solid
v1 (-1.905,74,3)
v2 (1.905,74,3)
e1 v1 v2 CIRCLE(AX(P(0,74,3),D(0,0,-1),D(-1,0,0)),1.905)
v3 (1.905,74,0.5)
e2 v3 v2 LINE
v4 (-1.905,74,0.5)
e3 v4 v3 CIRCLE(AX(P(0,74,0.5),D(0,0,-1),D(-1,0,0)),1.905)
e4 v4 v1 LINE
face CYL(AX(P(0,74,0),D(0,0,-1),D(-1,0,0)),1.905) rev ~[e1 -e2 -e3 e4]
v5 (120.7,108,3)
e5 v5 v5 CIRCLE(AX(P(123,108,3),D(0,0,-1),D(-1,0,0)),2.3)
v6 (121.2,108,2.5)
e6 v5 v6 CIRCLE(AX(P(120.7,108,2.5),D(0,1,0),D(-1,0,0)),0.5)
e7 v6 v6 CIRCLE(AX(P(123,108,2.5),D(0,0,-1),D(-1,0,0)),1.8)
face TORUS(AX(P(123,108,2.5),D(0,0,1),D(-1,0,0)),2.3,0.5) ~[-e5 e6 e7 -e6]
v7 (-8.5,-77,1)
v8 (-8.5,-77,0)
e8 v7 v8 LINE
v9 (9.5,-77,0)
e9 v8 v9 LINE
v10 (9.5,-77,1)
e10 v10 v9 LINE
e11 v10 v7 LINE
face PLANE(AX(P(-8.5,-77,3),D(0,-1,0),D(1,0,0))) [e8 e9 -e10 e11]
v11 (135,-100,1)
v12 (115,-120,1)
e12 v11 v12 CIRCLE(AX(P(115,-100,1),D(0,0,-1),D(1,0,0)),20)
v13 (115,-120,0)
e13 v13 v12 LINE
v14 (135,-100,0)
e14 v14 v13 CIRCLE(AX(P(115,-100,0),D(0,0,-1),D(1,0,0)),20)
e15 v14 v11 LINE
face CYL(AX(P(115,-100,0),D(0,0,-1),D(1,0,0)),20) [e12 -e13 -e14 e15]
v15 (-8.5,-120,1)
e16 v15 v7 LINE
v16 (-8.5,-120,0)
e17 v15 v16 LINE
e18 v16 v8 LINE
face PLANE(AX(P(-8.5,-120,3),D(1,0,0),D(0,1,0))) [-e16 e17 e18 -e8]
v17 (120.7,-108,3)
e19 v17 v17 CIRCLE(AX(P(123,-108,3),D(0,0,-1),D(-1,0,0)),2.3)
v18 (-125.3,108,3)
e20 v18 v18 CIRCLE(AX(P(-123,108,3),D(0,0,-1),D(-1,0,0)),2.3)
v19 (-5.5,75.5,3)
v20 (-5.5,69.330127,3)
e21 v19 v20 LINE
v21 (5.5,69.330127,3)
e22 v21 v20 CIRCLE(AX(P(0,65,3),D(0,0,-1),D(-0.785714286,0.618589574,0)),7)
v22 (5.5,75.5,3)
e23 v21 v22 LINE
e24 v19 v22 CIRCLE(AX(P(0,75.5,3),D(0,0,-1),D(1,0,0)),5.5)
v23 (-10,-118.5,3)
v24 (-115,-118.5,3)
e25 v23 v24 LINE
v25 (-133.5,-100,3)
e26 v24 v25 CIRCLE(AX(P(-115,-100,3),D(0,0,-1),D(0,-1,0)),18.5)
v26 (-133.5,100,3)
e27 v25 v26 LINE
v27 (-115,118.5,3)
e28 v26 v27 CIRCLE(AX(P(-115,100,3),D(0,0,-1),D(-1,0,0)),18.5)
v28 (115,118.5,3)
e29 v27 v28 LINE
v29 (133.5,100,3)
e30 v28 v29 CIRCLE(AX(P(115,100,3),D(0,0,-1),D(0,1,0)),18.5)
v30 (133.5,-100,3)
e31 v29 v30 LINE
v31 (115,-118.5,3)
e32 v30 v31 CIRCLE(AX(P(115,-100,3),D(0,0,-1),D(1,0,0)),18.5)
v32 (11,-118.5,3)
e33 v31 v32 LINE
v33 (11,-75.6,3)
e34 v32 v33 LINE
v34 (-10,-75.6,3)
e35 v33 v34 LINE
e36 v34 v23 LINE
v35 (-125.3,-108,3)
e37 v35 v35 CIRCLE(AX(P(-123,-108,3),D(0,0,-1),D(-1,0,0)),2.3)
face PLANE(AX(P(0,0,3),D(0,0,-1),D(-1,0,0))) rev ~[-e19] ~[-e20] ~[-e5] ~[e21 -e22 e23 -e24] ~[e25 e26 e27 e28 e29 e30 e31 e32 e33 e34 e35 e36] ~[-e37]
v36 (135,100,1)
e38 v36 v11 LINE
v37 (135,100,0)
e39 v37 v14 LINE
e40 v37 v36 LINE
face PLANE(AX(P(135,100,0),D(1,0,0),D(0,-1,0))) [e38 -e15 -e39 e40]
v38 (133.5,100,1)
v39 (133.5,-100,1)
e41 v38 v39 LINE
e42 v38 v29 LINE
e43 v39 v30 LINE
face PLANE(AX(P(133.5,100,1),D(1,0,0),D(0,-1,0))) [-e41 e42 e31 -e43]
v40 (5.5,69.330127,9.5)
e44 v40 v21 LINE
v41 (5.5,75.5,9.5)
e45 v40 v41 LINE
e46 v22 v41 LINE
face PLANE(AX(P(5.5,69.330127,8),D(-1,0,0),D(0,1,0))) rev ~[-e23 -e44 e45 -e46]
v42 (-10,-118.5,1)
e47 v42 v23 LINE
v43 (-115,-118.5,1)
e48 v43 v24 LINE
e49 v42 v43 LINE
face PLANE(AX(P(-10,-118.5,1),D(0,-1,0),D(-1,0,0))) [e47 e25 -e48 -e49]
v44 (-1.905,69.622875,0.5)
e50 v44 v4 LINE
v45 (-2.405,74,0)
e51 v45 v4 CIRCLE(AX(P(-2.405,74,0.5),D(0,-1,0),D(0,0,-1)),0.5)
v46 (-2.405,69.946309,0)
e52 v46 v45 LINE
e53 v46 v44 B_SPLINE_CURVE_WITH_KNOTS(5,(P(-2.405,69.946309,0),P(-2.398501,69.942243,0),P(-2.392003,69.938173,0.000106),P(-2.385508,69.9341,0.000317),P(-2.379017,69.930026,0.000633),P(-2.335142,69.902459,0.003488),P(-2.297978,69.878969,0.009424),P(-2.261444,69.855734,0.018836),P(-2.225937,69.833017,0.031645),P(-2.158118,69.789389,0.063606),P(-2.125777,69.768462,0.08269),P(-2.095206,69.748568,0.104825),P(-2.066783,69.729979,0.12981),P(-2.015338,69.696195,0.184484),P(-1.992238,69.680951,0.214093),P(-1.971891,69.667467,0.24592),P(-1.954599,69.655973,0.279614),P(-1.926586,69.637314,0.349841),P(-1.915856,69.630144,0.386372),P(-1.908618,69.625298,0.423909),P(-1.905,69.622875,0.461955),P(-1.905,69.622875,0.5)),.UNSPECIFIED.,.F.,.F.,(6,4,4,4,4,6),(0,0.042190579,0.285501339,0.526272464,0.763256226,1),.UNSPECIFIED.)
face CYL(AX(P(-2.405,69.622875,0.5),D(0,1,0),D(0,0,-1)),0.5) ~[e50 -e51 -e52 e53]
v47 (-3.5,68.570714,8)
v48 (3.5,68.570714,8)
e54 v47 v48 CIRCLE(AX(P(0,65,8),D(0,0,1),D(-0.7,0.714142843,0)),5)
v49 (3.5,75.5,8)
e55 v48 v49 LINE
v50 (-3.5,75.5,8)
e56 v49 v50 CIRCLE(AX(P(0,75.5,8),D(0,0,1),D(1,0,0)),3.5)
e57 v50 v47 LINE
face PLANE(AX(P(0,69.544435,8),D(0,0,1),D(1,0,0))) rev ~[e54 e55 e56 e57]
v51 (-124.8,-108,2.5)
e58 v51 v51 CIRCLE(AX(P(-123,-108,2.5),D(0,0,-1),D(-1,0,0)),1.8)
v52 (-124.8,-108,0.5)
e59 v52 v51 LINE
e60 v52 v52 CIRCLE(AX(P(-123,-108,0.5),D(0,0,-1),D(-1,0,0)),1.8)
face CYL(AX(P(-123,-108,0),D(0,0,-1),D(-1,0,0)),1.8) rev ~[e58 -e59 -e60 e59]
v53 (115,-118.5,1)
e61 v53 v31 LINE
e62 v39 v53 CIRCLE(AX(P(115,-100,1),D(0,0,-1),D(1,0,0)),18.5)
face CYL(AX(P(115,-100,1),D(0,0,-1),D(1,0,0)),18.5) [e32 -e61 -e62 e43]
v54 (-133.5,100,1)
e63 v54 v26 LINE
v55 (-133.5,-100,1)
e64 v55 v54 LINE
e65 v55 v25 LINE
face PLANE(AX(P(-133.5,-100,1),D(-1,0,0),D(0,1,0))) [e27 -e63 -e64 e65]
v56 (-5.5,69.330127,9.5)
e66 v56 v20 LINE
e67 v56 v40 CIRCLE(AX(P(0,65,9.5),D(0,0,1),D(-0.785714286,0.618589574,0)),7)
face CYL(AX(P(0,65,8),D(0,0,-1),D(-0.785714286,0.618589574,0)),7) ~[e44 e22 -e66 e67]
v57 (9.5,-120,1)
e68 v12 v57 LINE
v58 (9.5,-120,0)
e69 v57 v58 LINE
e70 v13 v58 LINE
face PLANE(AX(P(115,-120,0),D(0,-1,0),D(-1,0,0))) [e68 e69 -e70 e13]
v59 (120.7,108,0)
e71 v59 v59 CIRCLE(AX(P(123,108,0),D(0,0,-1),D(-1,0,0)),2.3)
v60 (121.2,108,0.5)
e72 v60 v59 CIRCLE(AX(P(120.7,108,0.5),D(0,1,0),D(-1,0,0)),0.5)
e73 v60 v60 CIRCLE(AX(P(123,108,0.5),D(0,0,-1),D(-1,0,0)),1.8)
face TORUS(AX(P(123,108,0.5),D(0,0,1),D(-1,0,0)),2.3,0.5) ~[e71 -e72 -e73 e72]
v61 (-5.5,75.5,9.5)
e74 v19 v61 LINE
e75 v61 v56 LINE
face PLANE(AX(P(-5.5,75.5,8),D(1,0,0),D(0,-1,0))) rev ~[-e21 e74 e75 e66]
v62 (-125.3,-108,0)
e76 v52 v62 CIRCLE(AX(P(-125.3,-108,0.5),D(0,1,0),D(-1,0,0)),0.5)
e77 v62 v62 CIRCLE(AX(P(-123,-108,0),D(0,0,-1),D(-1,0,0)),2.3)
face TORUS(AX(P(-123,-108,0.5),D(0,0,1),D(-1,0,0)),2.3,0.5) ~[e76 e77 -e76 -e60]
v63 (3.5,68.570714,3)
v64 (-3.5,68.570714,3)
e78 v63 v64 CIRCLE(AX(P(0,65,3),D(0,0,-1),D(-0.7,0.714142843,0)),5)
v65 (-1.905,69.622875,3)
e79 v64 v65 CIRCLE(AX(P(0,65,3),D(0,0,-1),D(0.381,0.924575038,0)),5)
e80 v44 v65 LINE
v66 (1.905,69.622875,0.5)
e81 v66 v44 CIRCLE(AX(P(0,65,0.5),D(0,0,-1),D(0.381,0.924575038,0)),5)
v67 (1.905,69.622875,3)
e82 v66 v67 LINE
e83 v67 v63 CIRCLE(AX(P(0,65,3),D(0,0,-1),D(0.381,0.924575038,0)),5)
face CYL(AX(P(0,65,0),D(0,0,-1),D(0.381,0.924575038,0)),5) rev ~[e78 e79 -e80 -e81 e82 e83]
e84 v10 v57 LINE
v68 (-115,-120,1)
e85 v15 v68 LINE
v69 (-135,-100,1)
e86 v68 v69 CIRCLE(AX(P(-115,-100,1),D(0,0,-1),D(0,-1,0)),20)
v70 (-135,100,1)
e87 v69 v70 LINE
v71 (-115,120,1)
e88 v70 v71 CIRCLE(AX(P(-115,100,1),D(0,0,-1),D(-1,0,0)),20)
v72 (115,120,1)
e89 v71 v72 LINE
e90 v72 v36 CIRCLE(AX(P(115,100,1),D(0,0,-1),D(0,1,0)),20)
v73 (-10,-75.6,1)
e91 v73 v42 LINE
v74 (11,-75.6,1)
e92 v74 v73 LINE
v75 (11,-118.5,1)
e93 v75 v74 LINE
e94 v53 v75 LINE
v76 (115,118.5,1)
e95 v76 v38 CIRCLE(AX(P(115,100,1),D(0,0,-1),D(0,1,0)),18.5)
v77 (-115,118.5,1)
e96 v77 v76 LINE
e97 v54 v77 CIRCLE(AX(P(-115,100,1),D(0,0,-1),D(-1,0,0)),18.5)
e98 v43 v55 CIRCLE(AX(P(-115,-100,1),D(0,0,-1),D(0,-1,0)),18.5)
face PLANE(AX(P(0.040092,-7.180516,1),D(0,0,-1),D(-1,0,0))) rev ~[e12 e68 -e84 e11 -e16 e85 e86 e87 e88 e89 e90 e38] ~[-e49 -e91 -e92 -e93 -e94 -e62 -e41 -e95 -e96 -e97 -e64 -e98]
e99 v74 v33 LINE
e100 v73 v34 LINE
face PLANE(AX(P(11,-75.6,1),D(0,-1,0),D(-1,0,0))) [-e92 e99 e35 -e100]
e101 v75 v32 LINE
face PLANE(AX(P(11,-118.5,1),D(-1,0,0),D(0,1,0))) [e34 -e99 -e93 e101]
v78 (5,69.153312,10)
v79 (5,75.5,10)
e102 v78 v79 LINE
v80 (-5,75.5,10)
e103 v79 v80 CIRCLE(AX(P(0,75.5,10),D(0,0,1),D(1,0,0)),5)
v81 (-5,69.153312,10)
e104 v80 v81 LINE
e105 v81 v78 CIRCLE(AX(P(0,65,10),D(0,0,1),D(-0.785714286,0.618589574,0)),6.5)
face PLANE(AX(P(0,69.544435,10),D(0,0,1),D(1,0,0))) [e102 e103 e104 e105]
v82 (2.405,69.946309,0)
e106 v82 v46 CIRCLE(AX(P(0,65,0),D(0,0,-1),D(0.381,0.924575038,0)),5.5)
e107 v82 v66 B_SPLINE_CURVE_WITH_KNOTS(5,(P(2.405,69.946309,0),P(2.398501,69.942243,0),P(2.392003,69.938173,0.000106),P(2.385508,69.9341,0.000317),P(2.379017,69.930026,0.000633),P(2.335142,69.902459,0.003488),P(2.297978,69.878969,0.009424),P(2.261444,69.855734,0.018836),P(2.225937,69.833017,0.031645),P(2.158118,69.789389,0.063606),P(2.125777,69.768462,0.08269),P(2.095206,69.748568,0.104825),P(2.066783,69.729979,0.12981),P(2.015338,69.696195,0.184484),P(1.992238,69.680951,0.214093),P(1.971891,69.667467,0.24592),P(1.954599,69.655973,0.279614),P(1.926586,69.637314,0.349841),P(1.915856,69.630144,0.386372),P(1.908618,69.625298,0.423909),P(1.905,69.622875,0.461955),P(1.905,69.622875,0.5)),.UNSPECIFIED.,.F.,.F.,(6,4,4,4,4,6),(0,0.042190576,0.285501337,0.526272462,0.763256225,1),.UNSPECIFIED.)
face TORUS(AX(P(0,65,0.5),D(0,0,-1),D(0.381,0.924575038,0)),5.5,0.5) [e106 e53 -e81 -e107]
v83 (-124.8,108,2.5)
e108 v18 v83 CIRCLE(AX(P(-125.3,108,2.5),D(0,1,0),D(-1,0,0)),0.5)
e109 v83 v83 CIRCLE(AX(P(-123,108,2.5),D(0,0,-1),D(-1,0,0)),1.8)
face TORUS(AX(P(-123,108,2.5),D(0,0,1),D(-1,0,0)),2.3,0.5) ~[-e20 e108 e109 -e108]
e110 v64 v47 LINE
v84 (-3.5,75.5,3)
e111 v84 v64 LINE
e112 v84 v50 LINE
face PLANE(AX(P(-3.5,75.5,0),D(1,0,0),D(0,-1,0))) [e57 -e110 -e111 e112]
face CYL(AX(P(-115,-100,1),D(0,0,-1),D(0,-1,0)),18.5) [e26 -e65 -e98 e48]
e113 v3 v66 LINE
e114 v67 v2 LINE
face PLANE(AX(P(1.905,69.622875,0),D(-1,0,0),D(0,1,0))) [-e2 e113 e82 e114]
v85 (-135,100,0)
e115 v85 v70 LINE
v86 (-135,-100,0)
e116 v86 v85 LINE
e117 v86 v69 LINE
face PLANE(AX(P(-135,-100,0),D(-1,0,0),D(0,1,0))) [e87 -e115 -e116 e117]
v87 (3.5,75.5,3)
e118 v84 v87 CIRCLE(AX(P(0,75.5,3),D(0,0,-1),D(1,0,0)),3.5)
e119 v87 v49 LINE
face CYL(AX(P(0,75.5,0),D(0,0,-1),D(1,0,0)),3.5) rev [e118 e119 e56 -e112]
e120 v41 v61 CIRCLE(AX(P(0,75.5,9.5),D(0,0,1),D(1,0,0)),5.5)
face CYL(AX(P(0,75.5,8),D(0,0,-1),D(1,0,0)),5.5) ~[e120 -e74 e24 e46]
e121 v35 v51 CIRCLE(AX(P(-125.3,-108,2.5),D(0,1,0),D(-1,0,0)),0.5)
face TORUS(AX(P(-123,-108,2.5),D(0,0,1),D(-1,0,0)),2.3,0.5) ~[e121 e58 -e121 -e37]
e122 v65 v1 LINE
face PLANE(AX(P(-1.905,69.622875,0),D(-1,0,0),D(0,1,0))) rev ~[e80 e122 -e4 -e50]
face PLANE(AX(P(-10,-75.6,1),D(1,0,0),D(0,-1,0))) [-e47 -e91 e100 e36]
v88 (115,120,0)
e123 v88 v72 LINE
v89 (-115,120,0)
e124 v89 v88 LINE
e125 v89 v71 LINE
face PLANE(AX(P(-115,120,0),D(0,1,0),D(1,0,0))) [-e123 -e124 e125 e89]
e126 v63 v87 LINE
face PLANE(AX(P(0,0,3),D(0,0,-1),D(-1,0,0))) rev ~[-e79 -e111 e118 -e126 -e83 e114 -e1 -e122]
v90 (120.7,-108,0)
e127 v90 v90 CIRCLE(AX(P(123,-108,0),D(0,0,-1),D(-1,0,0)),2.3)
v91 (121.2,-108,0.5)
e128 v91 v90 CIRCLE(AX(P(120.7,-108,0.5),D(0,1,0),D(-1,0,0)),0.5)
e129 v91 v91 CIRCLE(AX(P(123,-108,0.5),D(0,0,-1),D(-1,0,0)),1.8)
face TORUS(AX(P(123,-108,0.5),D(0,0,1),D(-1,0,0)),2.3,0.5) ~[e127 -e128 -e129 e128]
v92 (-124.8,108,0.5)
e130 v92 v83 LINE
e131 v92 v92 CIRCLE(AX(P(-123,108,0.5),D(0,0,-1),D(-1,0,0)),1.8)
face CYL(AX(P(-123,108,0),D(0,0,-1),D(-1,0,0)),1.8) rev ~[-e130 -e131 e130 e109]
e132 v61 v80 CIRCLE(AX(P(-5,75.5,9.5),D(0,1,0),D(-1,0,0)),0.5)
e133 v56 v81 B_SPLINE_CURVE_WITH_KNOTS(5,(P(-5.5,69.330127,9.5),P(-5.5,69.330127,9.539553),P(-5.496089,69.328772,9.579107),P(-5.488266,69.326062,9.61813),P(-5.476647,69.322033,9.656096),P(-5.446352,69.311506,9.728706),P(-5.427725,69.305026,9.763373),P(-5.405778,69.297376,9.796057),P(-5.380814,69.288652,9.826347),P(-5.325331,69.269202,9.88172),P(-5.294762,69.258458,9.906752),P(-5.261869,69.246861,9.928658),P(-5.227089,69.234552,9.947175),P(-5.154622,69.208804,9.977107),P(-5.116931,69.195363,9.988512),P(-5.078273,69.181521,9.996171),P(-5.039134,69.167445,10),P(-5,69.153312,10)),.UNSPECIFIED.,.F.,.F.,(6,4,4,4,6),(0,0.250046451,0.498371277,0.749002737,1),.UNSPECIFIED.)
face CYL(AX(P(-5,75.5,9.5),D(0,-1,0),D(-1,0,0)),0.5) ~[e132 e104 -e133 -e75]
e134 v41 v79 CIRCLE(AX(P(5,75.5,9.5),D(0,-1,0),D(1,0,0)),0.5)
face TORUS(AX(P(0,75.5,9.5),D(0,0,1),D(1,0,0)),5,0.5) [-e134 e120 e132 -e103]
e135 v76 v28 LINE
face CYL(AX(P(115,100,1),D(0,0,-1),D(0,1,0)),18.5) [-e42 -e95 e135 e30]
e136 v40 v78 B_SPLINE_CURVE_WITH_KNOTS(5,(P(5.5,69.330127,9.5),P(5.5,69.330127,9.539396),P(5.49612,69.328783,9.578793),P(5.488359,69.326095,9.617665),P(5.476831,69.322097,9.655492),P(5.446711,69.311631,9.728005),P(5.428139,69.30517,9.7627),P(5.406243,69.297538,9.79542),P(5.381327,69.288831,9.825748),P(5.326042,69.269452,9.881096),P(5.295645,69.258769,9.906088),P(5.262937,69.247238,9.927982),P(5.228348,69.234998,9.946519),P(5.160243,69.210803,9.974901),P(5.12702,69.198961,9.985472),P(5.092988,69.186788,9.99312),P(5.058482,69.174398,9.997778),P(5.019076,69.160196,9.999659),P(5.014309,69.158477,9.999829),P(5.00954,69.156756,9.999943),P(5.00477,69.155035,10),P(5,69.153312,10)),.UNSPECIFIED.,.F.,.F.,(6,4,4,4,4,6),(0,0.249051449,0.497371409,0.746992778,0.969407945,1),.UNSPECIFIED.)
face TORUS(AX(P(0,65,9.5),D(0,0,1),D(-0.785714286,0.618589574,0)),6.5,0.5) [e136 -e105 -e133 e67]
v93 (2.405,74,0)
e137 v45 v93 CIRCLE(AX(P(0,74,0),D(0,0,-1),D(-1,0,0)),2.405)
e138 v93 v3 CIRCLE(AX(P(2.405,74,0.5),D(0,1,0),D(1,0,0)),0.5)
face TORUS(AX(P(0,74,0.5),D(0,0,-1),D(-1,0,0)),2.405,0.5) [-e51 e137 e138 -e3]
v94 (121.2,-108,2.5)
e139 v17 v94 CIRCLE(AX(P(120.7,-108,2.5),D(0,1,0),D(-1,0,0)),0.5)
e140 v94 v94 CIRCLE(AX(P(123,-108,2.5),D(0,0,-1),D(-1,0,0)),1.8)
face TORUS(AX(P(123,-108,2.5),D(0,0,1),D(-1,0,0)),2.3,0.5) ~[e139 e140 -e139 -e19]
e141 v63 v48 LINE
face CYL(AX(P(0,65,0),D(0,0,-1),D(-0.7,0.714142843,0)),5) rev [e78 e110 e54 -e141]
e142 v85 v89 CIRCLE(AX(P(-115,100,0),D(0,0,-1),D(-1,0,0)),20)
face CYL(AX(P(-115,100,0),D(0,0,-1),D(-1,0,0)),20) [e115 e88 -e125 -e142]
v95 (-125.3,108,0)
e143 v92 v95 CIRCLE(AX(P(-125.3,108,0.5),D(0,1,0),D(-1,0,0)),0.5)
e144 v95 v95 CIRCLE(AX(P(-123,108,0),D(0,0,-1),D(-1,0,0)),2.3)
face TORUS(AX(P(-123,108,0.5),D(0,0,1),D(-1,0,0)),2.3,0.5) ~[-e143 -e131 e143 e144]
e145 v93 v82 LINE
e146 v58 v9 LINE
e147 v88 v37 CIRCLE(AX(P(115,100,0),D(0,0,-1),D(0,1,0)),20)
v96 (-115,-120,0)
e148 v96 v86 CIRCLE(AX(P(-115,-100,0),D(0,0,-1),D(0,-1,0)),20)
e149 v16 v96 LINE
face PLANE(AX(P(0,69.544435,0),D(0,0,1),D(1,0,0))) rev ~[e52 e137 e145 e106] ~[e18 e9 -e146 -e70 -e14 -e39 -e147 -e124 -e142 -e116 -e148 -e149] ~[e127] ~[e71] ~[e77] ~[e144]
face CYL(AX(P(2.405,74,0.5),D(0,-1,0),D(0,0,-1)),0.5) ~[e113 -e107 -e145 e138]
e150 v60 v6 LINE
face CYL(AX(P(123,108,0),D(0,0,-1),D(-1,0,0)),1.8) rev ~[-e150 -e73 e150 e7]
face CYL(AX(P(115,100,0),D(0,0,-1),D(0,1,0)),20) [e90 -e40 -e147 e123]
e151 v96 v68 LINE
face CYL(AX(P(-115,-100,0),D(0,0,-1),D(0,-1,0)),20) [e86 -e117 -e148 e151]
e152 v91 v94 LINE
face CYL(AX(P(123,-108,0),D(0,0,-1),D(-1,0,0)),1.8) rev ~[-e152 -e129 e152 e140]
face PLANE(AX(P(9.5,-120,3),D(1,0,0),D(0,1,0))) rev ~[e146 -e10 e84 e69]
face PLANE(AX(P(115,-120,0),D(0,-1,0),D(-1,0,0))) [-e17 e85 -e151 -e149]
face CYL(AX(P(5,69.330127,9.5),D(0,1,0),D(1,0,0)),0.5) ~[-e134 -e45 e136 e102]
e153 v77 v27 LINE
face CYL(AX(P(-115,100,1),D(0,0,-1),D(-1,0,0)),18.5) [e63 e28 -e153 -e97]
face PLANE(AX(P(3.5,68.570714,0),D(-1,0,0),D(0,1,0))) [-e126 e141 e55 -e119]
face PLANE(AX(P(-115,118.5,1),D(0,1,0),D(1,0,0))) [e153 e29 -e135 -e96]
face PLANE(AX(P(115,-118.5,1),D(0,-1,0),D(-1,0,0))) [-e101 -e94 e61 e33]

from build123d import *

# Parameters (mm, degrees)
MAIN_BODY_DEPTH       = 3
EDGE_START            = -2
EDGE_CUT_DEPTH        = 2
SKETCH3_W             = 18
SKETCH3_H             = 43
POWER_CABLE_CUT_DEPTH = 3
KEYHOLE_SLOT_DEPTH    = 8
SKETCH7_R             = 5
SKETCH7_R_2           = 1.905
SKETCH7_W             = 3.81
SKETCH7_H             = 9
KEYHOLE_DEPTH         = 3
KEYHOLE_WALL_DEPTH    = 2
SKETCH9_R             = 1.8
SCREW_HOLES_DEPTH     = 3
FILLET1_R             = 0.5


with BuildPart() as part:
    # Sketch1 → Main Body (new body)
    with BuildSketch(Plane.XY):
        with BuildLine():
            Line((-115, 120), (115, 120))
            ThreePointArc((115, 120), (129.142135624, 114.142135624), (135, 100))
            Line((135, 100), (135, -100))
            ThreePointArc((135, -100), (129.142135624, -114.142135624), (115, -120))
            Line((115, -120), (-115, -120))
            ThreePointArc((-115, -120), (-129.142135624, -114.142135624), (-135, -100))
            Line((-135, -100), (-135, 100))
            ThreePointArc((-135, 100), (-129.142135624, 114.142135624), (-115, 120))
        make_face()
    extrude(amount=MAIN_BODY_DEPTH)

    # Sketch2 → Edge Cut (cut)
    with BuildSketch(Plane.XY.offset(3).offset(EDGE_START)):
        with BuildLine():
            Line((-115, 120), (115, 120))
            ThreePointArc((115, 120), (129.142135624, 114.142135624), (135, 100))
            Line((135, 100), (135, -100))
            ThreePointArc((135, -100), (129.142135624, -114.142135624), (115, -120))
            Line((115, -120), (9.5, -120))
            Line((9.5, -120), (9.5, -77.1))
            Line((9.5, -77.1), (-8.5, -77.1))
            Line((-8.5, -77.1), (-8.5, -120))
            Line((-8.5, -120), (-115, -120))
            ThreePointArc((-115, -120), (-129.142135624, -114.142135624), (-135, -100))
            Line((-135, -100), (-135, 100))
            ThreePointArc((-135, 100), (-129.142135624, 114.142135624), (-115, 120))
        make_face()
        with BuildLine():
            Line((-115, 118.5), (115, 118.5))
            ThreePointArc((115, 118.5), (128.081475452, 113.081475452), (133.5, 100))
            Line((133.5, 100), (133.5, -100))
            ThreePointArc((133.5, -100), (128.081475452, -113.081475452), (115, -118.5))
            Line((115, -118.5), (11, -118.5))
            Line((11, -118.5), (11, -75.6))
            Line((11, -75.6), (-10, -75.6))
            Line((-10, -75.6), (-10, -118.5))
            Line((-10, -118.5), (-115, -118.5))
            ThreePointArc((-115, -118.5), (-128.081475452, -113.081475452), (-133.5, -100))
            Line((-133.5, -100), (-133.5, 100))
            ThreePointArc((-133.5, 100), (-128.081475452, 113.081475452), (-115, 118.5))
        make_face(mode=Mode.SUBTRACT)
    extrude(amount=EDGE_CUT_DEPTH, mode=Mode.SUBTRACT)

    # Sketch3 → Power Cable Cut (cut)
    with BuildSketch(Plane.XY.offset(3)):
        with Locations((0.5, -98.5)):
            Rectangle(SKETCH3_W, SKETCH3_H)
    extrude(amount=-POWER_CABLE_CUT_DEPTH, mode=Mode.SUBTRACT)

    # Sketch4 → Keyhole Slot (add)
    with BuildSketch(Plane(origin=(0, 0, 0), x_dir=(-1, 0, 0), z_dir=(0, 0, -1))):
        with BuildLine():
            Line((5.5, 75.5), (5.5, 69.330127019))
            ThreePointArc((5.5, 69.330127019), (0, 58), (-5.5, 69.330127019))
            Line((-5.5, 69.330127019), (-5.5, 75.5))
            ThreePointArc((-5.5, 75.5), (0, 81), (5.5, 75.5))
        make_face()
        with BuildLine():
            Line((3.5, 75.5), (3.5, 68.570714214))
            ThreePointArc((3.5, 68.570714214), (0, 60), (-3.5, 68.570714214))
            Line((-3.5, 68.570714214), (-3.5, 75.5))
            ThreePointArc((-3.5, 75.5), (0, 79), (3.5, 75.5))
        make_face(mode=Mode.SUBTRACT)
    extrude(amount=-KEYHOLE_SLOT_DEPTH)

    # Sketch7 → Keyhole (cut)
    with BuildSketch(Plane(origin=(0, 0, 0), x_dir=(-1, 0, 0), z_dir=(0, 0, -1))):
        with Locations((0, 65)):
            Circle(SKETCH7_R)
        with Locations((0, 74)):
            Circle(SKETCH7_R_2)
        with Locations((0, 69.5)):
            Rectangle(SKETCH7_W, SKETCH7_H)
    extrude(amount=-KEYHOLE_DEPTH, mode=Mode.SUBTRACT)

    # Sketch8 → Keyhole wall (add)
    with BuildSketch(Plane.XY.offset(8)):
        with BuildLine():
            Line((5.5, 69.330127019), (5.5, 75.5))
            ThreePointArc((5.5, 75.5), (0, 81), (-5.5, 75.5))
            Line((-5.5, 75.5), (-5.5, 69.330127019))
            ThreePointArc((-5.5, 69.330127019), (0, 58), (5.5, 69.330127019))
        make_face()
    extrude(amount=KEYHOLE_WALL_DEPTH)

    # Sketch9 → Screw holes (cut)
    with BuildSketch(Plane(origin=(0, 0, 0), x_dir=(-1, 0, 0), z_dir=(0, 0, -1))):
        with Locations((-123, 108)):
            Circle(SKETCH9_R)
        with Locations((-123, -108)):
            Circle(SKETCH9_R)
        with Locations((123, -108)):
            Circle(SKETCH9_R)
        with Locations((123, 108)):
            Circle(SKETCH9_R)
    extrude(amount=-SCREW_HOLES_DEPTH, mode=Mode.SUBTRACT)

    # Fillet1
    fillet1_edges = [part.edges().sort_by_distance(p)[0] for p in [
        (-1.905, 71.811437594, 0),
        (1.905, 71.811437594, 0),
        (0, 60, 0),
        (0, 75.905, 0),
        (5.5, 72.415063509, 10),
        (0, 81, 10),
        (-5.5, 72.415063509, 10),
        (0, 58, 10),
        (-121.2, 108, 3),
        (-121.2, 108, 0),
        (-121.2, -108, 3),
        (-121.2, -108, 0),
        (124.8, -108, 3),
        (124.8, -108, 0),
        (124.8, 108, 3),
        (124.8, 108, 0),
    ]]
    fillet(fillet1_edges, radius=FILLET1_R)


solid = part.part
